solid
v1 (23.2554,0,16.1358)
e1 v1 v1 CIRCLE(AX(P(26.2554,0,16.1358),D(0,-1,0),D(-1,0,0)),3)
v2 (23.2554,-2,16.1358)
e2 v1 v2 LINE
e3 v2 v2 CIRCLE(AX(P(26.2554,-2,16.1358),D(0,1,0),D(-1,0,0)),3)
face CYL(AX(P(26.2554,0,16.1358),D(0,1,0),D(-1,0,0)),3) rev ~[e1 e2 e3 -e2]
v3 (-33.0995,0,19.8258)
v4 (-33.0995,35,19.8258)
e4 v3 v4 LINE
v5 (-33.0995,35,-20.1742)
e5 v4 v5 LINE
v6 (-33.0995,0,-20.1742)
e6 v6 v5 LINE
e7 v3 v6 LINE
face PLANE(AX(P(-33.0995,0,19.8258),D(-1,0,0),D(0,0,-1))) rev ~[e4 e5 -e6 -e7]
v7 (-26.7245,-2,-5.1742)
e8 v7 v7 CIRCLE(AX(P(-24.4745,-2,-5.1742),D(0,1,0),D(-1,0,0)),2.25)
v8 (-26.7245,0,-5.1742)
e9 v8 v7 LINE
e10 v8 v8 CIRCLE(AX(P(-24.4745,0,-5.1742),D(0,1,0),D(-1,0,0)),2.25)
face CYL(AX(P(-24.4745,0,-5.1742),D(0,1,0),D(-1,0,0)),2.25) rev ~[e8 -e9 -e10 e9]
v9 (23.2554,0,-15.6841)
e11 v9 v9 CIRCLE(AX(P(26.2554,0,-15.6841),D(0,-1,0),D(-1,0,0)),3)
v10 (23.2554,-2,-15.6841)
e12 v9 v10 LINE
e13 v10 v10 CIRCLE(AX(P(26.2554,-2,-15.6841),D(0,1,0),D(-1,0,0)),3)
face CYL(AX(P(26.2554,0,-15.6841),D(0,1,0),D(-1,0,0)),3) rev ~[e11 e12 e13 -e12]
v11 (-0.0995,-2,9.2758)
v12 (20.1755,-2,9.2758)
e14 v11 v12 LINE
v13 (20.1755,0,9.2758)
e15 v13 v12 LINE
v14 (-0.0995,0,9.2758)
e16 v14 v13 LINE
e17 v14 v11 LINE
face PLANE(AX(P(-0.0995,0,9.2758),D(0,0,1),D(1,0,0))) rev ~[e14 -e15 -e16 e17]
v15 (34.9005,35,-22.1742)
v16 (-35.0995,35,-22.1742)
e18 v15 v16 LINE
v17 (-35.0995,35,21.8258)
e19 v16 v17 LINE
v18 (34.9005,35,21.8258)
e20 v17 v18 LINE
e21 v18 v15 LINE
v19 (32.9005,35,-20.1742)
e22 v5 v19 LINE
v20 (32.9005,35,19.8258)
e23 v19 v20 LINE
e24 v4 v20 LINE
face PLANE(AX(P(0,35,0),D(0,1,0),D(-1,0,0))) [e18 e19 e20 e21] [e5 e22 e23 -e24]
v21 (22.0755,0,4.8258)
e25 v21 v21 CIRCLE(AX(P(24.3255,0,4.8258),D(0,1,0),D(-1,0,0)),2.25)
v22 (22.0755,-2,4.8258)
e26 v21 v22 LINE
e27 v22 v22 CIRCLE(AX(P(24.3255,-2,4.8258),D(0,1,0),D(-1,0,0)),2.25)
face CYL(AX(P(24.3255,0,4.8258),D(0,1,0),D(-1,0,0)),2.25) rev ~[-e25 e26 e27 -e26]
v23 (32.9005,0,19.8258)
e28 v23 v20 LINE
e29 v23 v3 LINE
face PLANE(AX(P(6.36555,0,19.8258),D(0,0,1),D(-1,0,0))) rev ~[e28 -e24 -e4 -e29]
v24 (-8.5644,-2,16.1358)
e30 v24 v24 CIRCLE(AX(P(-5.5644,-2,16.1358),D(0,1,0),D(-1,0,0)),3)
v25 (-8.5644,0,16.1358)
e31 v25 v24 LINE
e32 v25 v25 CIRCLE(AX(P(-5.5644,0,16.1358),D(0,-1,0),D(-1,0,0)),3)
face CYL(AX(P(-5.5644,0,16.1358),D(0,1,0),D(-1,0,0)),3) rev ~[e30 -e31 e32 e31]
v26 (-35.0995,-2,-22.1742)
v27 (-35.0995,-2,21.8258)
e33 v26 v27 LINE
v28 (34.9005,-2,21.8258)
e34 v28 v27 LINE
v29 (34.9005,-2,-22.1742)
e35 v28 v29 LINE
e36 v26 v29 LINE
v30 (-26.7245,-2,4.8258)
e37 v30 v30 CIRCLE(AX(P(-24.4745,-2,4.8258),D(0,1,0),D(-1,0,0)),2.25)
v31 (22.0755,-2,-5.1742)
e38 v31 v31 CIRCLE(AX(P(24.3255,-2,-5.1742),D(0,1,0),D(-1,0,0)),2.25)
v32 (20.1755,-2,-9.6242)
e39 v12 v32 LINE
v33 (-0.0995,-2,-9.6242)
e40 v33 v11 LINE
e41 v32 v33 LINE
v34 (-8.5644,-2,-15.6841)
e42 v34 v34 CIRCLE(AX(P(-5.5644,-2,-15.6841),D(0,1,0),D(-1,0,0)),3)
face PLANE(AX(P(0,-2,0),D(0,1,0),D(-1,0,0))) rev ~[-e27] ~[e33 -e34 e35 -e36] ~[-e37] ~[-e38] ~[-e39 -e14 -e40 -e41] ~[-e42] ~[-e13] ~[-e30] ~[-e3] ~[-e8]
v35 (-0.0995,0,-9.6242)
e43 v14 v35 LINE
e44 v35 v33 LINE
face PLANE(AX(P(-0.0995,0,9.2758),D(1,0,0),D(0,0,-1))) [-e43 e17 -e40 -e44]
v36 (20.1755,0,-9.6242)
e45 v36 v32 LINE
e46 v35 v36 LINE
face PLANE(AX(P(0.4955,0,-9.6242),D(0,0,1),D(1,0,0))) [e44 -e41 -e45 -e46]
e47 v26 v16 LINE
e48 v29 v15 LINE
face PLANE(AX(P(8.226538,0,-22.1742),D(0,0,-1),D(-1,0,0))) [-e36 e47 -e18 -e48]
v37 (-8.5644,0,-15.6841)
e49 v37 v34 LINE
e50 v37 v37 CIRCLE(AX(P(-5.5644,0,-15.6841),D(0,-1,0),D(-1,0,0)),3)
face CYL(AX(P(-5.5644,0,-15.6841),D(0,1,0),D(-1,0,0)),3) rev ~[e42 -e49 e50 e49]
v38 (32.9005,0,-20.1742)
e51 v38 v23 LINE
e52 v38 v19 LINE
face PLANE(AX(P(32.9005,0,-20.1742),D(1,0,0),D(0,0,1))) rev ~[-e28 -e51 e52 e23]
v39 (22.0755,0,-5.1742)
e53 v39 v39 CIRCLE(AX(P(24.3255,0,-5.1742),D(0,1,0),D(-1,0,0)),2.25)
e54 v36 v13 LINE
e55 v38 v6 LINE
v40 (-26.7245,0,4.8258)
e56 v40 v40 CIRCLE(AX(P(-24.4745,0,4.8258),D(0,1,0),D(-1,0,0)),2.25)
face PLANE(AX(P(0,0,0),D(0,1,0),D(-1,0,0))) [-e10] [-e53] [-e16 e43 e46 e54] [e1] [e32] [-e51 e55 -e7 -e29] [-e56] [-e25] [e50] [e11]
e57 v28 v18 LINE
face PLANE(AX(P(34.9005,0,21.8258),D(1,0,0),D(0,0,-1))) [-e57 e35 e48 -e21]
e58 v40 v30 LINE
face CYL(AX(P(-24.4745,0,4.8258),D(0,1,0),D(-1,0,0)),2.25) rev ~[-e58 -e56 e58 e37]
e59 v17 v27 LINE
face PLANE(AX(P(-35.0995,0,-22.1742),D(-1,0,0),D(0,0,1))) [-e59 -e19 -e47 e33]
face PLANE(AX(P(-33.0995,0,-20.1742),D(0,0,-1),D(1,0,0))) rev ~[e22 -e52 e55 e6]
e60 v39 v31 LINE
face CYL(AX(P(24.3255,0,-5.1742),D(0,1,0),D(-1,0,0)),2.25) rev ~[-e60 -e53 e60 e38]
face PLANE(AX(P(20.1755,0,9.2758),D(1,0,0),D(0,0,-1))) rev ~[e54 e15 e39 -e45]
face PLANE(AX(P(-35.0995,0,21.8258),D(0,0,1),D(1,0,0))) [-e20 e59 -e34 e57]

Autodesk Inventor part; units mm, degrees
ref_plane "YZ Plane" through (0, 0, 0) normal (1, 0, 0) x (0, 1, 0)
ref_plane "XZ Plane" through (0, 0, 0) normal (0, 1, 0) x (-1, 0, 0)
ref_plane "XY Plane" through (0, 0, 0) normal (0, 0, 1) x (1, 0, 0)
sketch "Sketch1" plane through (0, 0, 0) normal (0, 1, 0) x (-1, 0, 0)
  line L0 (20.3745, 9.2758) -> (20.3745, -9.6242)
  line L1 (20.3745, 9.2758) -> (20.3745, -9.6242)
  circle A0 centre (24.4745, 4.8258) radius 2.25
  circle A1 centre (24.4745, 4.8258) radius 2.25
  line L2 (20.3745, 9.2758) -> (27.6745, 9.2758)
  line L3 (27.6745, 9.2758) -> (20.3745, 9.2758)
  line L4 (27.6745, 9.2758) -> (27.6745, -9.6242)
  line L5 (27.6745, 9.2758) -> (27.6745, -9.6242)
  circle A2 centre (24.4745, -5.1742) radius 2.25
  line L6 (20.3745, -9.6242) -> (27.6745, -9.6242)
  line L7 (27.6745, -9.6242) -> (20.3745, -9.6242)
  circle A3 centre (24.4745, -5.1742) radius 2.25
  line L8 (20.3745, 9.2758) -> (-20.1755, 9.2758)
  line L9 (20.3745, -9.6242) -> (-20.1755, -9.6242)
  line L10 (20.3745, 9.2758) -> (20.3745, -9.6242)
  line L11 (20.3745, 9.2758) -> (20.3745, -9.6242)
  line L12 (20.3745, 9.2758) -> (20.3745, -9.6242)
  line L13 (-20.1755, -9.6242) -> (20.3745, -9.6242)
  line L14 (-20.1755, -9.6242) -> (20.3745, -9.6242)
  line L15 (20.3745, 9.2758) -> (20.3745, -9.6242)
  line L16 (-20.1755, 9.2758) -> (20.3745, 9.2758)
  line L17 (-20.1755, 9.2758) -> (-20.1755, -9.6242)
  circle A4 centre (-10.3455, 0.2258) radius 6.5
  line L18 (20.3745, -9.6242) -> (-20.1755, -9.6242)
  line L19 (-20.1755, 9.2758) -> (-20.1755, -9.6242)
  line L20 (20.3745, 9.2758) -> (-20.1755, 9.2758)
  line L21 (20.3745, 9.2758) -> (20.3745, -9.6242)
  line L22 (20.3745, -9.6242) -> (-20.1755, -9.6242)
  line L23 (27.6745, -9.6242) -> (20.3745, -9.6242)
  line L24 (20.3745, -9.6242) -> (27.6745, -9.6242)
  line L25 (-20.1755, -9.6242) -> (20.3745, -9.6242)
  line L26 (-27.4755, -9.6242) -> (-20.1755, -9.6242)
  line L27 (-20.1755, -9.6242) -> (-27.4755, -9.6242)
  line L28 (-20.1755, 9.2758) -> (-27.4755, 9.2758)
  line L29 (-27.4755, 9.2758) -> (-20.1755, 9.2758)
  line L30 (-20.1755, 9.2758) -> (20.3745, 9.2758)
  line L31 (20.3745, 9.2758) -> (27.6745, 9.2758)
  line L32 (27.6745, 9.2758) -> (20.3745, 9.2758)
  line L33 (20.3745, 9.2758) -> (-20.1755, 9.2758)
  line L34 (-20.1755, 9.2758) -> (-20.1755, -9.6242)
  line L35 (-20.1755, 9.2758) -> (-20.1755, -9.6242)
  line L36 (-20.1755, 9.2758) -> (-20.1755, -9.6242)
  line L37 (-20.1755, 9.2758) -> (-20.1755, -9.6242)
  line L38 (-20.1755, 9.2758) -> (-20.1755, -9.6242)
  line L39 (-20.1755, 9.2758) -> (-20.1755, -9.6242)
  circle A5 centre (-24.3255, 4.8258) radius 2.25
  circle A6 centre (-24.3255, 4.8258) radius 2.25
  circle A7 centre (-24.3255, 4.8258) radius 2.25
  line L40 (-27.4755, 9.2758) -> (-20.1755, 9.2758)
  line L41 (-20.1755, -9.6242) -> (-27.4755, -9.6242)
  line L42 (-27.4755, 9.2758) -> (-27.4755, -9.6242)
  line L43 (-20.1755, 9.2758) -> (-27.4755, 9.2758)
  line L44 (-20.1755, 9.2758) -> (-20.1755, -9.6242)
  circle A8 centre (-24.3255, 4.8258) radius 2.25
  circle A9 centre (-24.3255, -5.1742) radius 2.25
  line L45 (-27.4755, -9.6242) -> (-20.1755, -9.6242)
  line L46 (-20.1755, 9.2758) -> (-20.1755, -9.6242)
  line L47 (-27.4755, 9.2758) -> (-20.1755, 9.2758)
  line L48 (-27.4755, 9.2758) -> (-27.4755, -9.6242)
  circle A10 centre (-24.3255, 4.8258) radius 2.25
  circle A11 centre (-24.3255, -5.1742) radius 2.25
  line L49 (-20.1755, 9.2758) -> (-20.1755, -9.6242)
  line L50 (-20.1755, 9.2758) -> (20.3745, 9.2758)
  circle A12 centre (-10.3455, 0.2258) radius 1.2002
  circle A13 centre (-10.3455, 0.2258) radius 2.9
  circle A14 centre (-10.3455, 0.2258) radius 6.5
  circle A15 centre (-10.3455, 0.2258) radius 6.5
  circle A16 centre (-10.3455, 0.2258) radius 6.5
  circle A17 centre (-10.3455, 0.2258) radius 6.5
  circle A18 centre (-10.3455, 0.2258) radius 2.9
  circle A19 centre (-10.3455, 0.2258) radius 6.5
  line L51 (-27.4755, 9.2758) -> (-27.4755, -9.6242)
  line L52 (-27.4755, 9.2758) -> (-27.4755, -9.6242)
  line L53 (-27.4755, 9.2758) -> (-27.4755, -9.6242)
  line L54 (-27.4755, 9.2758) -> (-27.4755, -9.6242)
  circle A20 centre (-24.3255, -5.1742) radius 2.25
  circle A21 centre (-24.3255, -5.1742) radius 2.25
  circle A22 centre (-24.3255, -5.1742) radius 2.25
  line L55 (-27.4755, -9.6242) -> (-20.1755, -9.6242)
  line L56 (-20.1755, -9.6242) -> (-27.4755, -9.6242)
  line L57 (20.3745, 9.2758) -> (20.3745, -9.6242)
  line L58 (20.3745, 9.2758) -> (20.3745, -9.6242)
  line L59 (20.3745, 9.2758) -> (20.3745, -9.6242)
  circle A23 centre (24.4745, 4.8258) radius 2.25
  circle A24 centre (24.4745, 4.8258) radius 2.25
  circle A25 centre (24.4745, -5.1742) radius 2.25
  circle A26 centre (24.4745, -5.1742) radius 2.25
  line L60 (27.6745, -9.6242) -> (20.3745, -9.6242)
  line L61 (20.3745, 9.2758) -> (20.3745, -9.6242)
  line L62 (27.6745, 9.2758) -> (20.3745, 9.2758)
  line L63 (27.6745, 9.2758) -> (27.6745, -9.6242)
  circle A27 centre (24.4745, 4.8258) radius 2.25
  circle A28 centre (24.4745, -5.1742) radius 2.25
  line L64 (20.3745, -9.6242) -> (27.6745, -9.6242)
  line L65 (27.6745, 9.2758) -> (27.6745, -9.6242)
  line L66 (20.3745, 9.2758) -> (27.6745, 9.2758)
  line L67 (20.3745, 9.2758) -> (20.3745, -9.6242)
  circle A29 centre (24.4745, 4.8258) radius 2.25
  circle A30 centre (24.4745, -5.1742) radius 2.25
  line L68 (27.6745, 9.2758) -> (27.6745, -9.6242)
  line L69 (27.6745, 9.2758) -> (27.6745, -9.6242)
  line L70 (-20.1755, 9.2758) -> (-20.1755, -9.6242)
  circle A31 centre (-10.3455, 0.2258) radius 1.2002
  circle A32 centre (-10.3455, 0.2258) radius 2.9
  circle A33 centre (-10.3455, 0.2258) radius 1.2002
  circle A34 centre (-10.3455, 0.2258) radius 2.9
  circle A35 centre (-10.3455, 0.2258) radius 1.2002
  circle A36 centre (-10.3455, 0.2258) radius 2.9
  circle A37 centre (-10.3455, 0.2258) radius 2.9
  circle A38 centre (-10.3455, 0.2258) radius 1.2002
  circle A39 centre (-10.3455, 0.2258) radius 1.2002
  circle A40 centre (-24.3255, 4.8258) radius 2.25
  circle A41 centre (-24.3255, -5.1742) radius 2.25
  line L71 (-20.1755, 9.2758) -> (-27.4755, 9.2758)
  line L72 (27.6745, -0.1742) -> (-27.4755, -0.1742)
  line L73 (0.0995, 9.2758) -> (0.0995, -9.6242)
  circle A42 centre (-10.3455, 0.2258) radius 20
  circle A43 centre (-10.3455, 0.2258) radius 22.5
  line L74 (-10.3455, 0.2258) -> (5.5644, -15.6841)
  line L75 (-10.3455, 0.2258) -> (12.1545, 0.2258) construction
  circle A44 centre (5.5644, -15.6841) radius 3
  circle A45 centre (5.5644, 16.1358) radius 3
  circle A46 centre (-26.2554, 16.1358) radius 3
  circle A47 centre (-26.2554, -15.6841) radius 3
  line L76 (35.0995, 21.8258) -> (-34.9005, 21.8258)
  line L77 (-34.9005, 21.8258) -> (-34.9005, -22.1742)
  line L78 (-34.9005, -22.1742) -> (35.0995, -22.1742)
  line L79 (35.0995, -22.1742) -> (35.0995, 21.8258)
  line L80 (35.0995, 21.8258) -> (-34.9005, -22.1742) construction
  line L81 (-34.9005, 21.8258) -> (35.0995, -22.1742) construction
  line L82 (33.0995, -20.1742) -> (-32.9005, -20.1742)
  line L83 (-32.9005, -20.1742) -> (-32.9005, 19.8258)
  line L84 (-32.9005, 19.8258) -> (33.0995, 19.8258)
  line L85 (33.0995, 19.8258) -> (33.0995, -20.1742)
  point P0 (0, 0)
  point P1 (0.0995, -0.1742)
  point P2 (-6.3655, 19.8258)
  point P3 (-14.3254, 19.8258)
  point P4 (-20.1755, -9.6242)
  dimension "d1" = 45
  dimension "d0" = 40
  dimension "d2" = 45
  dimension "d3" = 6
  dimension "d6" = 360
  dimension "d8" = 70
  dimension "d9" = 44
  dimension "d10" = 2
extrude "Extrusion1" add sketch "Sketch1" against normal blind 2 contours L2 L4 L72 L0 | L8 A43 A45 L84 L85 L82 A44 L9 L6 L4 L2 | L0 L72 A43 L8 | L72 L4 L6 L0 | L0 L9 A43 L72 | A43 L72 A42 L8 | L8 A42 A45 A43 | A43 L9 A42 L72 | A42 L72 L73 L8 | L8 L28 L42 L26 L9 L74 A44 A42 A47 A46 L84 A45 | A43 A44 A42 L9 | A42 L9 L73 L72 | A45 A42 L84 A43 | A42 A44 L74 L9 | L17 L72 L42 L28 | L84 A42 A43 L76 | A43 L76 L79 L78 L82 L85 L84 | L17 L26 L42 L72 | L84 A42 | A43 L82 A47 A42 A44 | A42 A46 A43 L84 | A43 L84 L83 L82 L78 L77 L76 | A43 L78 L82 | A43 A46 A47 L82 L83 L84 | A42 A47 A43 A46
extrude "Extrusion2" add sketch "Sketch1" along normal blind 35 contours L84 A42 A43 L76 | A43 L76 L79 L78 L82 L85 L84 | L84 A42 | A43 L84 L83 L82 L78 L77 L76 | A43 L78 L82
thread "Thread1" size "M6x1" class "6H" standard "ISO Metric profile" full length
thread "Thread2" size "M6x1" class "6H" standard "ISO Metric profile" full length
thread "Thread3" size "M6x1" class "6H" standard "ISO Metric profile" full length
thread "Thread4" size "M6x1" class "6H" standard "ISO Metric profile" full length
properties part number "finalturnmotorcasing" material "Iron, Malleable"
